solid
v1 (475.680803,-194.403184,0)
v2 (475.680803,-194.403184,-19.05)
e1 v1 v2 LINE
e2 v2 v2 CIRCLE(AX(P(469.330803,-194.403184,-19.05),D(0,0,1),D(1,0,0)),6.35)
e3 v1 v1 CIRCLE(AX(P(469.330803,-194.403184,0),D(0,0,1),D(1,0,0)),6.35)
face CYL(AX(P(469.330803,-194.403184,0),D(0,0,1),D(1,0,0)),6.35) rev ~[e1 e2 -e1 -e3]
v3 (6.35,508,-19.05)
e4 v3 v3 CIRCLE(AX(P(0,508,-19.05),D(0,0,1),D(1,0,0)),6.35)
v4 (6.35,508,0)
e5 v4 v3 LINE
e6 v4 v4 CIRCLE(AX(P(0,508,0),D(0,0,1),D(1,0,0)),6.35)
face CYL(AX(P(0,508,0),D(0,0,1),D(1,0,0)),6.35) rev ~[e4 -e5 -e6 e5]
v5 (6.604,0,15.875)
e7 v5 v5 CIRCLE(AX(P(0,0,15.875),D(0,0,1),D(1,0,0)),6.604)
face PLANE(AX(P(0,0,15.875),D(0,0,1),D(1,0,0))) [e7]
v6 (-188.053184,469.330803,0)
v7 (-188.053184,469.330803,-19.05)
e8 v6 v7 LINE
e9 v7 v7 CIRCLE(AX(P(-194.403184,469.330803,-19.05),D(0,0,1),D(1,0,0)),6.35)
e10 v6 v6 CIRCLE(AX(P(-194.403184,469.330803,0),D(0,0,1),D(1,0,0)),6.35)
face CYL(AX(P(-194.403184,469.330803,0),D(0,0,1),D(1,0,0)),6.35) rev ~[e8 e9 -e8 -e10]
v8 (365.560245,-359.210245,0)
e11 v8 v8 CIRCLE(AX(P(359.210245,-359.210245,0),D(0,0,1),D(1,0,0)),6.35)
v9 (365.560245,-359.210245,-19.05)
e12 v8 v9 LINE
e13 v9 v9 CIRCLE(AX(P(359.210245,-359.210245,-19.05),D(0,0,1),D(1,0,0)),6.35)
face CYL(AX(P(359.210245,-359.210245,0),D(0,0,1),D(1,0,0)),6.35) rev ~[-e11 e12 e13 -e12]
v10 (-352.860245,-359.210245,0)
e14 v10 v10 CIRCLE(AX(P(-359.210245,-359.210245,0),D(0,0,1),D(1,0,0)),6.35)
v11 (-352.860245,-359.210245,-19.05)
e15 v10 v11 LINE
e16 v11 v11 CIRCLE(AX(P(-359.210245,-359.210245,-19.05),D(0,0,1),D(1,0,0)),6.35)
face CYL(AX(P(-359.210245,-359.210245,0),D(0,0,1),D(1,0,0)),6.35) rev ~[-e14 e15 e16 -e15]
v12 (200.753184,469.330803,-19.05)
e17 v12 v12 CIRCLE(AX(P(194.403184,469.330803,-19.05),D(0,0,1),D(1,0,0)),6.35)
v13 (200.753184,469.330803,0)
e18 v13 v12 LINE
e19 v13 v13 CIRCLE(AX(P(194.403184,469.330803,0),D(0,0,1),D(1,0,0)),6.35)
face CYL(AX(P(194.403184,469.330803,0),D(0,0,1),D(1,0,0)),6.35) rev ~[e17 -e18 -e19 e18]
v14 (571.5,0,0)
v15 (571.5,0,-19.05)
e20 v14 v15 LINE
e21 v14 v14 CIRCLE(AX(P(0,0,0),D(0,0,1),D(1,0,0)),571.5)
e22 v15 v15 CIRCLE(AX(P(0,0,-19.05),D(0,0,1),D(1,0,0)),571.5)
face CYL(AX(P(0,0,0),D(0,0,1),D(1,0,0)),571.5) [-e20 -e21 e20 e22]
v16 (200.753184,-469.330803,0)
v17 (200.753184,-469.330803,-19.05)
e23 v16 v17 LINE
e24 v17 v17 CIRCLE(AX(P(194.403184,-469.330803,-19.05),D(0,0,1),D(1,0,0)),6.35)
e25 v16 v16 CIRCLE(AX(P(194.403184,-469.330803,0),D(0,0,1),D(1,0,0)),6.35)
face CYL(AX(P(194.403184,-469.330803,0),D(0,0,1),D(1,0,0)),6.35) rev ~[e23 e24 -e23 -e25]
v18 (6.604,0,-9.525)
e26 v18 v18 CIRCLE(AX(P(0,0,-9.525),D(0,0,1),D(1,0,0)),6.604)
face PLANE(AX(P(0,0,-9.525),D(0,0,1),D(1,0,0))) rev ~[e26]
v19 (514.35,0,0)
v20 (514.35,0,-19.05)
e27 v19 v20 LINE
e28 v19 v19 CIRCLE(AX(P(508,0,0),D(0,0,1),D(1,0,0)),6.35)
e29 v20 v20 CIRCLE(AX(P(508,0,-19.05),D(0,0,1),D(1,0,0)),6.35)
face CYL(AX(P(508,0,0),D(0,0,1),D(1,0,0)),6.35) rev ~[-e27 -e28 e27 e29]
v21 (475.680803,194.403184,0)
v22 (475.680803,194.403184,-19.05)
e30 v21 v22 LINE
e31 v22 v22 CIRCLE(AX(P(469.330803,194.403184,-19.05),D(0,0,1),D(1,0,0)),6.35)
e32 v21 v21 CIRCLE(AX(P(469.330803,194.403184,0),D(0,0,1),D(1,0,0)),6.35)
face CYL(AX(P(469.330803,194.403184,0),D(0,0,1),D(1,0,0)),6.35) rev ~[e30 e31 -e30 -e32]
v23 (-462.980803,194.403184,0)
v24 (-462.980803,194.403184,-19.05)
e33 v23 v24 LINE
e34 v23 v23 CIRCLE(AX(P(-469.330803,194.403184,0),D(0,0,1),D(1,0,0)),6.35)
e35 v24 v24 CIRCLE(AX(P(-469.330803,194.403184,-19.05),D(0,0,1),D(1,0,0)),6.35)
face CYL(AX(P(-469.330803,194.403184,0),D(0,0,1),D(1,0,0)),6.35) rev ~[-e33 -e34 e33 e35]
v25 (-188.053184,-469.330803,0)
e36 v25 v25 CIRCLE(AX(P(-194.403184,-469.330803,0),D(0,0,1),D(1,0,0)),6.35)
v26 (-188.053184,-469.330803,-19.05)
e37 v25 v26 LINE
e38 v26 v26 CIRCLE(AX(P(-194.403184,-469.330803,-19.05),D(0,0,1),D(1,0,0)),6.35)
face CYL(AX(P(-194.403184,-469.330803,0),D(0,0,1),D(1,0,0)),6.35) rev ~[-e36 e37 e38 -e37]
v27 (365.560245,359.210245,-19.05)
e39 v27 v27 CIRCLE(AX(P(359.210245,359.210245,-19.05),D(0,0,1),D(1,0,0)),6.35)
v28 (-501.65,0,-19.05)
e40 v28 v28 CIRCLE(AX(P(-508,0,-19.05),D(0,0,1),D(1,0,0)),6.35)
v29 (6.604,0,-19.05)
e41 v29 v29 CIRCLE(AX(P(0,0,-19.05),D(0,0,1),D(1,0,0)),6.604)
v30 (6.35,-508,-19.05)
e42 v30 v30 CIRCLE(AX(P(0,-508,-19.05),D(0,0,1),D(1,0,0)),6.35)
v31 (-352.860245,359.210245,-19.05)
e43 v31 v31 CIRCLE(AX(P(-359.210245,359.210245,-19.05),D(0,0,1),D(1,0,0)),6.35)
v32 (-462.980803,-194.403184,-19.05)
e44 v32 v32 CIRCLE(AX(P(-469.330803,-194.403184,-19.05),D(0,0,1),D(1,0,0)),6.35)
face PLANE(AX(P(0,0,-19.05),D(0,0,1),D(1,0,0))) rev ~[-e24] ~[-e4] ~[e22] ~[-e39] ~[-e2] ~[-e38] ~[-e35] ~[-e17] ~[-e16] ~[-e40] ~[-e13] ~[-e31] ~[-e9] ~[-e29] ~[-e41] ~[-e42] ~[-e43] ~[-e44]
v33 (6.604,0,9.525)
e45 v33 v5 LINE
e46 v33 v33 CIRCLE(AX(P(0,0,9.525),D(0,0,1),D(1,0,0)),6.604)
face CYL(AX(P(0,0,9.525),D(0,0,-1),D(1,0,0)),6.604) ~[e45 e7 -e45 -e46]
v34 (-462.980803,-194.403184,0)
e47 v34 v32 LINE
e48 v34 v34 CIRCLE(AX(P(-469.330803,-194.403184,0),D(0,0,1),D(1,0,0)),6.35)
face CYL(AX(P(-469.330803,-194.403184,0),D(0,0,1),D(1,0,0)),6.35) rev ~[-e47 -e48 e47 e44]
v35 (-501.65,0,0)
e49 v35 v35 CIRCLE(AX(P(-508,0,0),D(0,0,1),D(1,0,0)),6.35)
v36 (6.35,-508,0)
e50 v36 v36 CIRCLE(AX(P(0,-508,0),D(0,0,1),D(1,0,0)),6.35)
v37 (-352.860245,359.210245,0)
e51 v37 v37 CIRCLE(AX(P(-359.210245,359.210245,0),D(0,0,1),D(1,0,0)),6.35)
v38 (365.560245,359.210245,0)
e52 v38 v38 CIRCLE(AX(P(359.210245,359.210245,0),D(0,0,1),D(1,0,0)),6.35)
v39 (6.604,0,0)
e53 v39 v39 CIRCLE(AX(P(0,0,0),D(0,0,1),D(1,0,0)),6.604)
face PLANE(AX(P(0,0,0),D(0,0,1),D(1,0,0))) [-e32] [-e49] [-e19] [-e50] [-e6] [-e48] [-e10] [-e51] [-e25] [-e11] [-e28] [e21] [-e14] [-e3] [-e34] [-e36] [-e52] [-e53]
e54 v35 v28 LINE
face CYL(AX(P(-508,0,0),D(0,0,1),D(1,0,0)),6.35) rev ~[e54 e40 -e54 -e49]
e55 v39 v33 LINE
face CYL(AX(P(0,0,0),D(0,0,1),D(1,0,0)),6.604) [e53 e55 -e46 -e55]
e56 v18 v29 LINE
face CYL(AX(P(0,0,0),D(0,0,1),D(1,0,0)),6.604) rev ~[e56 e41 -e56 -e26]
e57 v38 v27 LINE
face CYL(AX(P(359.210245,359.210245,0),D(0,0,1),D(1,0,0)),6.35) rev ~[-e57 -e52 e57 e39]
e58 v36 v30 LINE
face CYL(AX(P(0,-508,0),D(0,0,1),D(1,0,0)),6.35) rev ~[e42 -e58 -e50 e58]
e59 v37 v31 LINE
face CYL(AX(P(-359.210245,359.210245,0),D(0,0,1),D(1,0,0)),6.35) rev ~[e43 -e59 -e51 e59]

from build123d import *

# Parameters (mm, degrees)
F0_R     = 571.5
F0_R_2   = 6.35
F0_R_3   = 6.604
F1_DEPTH = 19.05
F2_DEPTH = 9.525
F3_DEPTH = 6.35


with BuildPart() as f1:
    # F0 (on Top) → F1 (new body)
    with BuildSketch(Plane.XY):
        Circle(F0_R)
        with Locations((-359.2102448428, -359.2102448428)):
            Circle(F0_R_2, mode=Mode.SUBTRACT)
        with Locations((-194.4031836415, -469.3308025157)):
            Circle(F0_R_2, mode=Mode.SUBTRACT)
        with Locations((-469.3308025157, -194.4031836415)):
            Circle(F0_R_2, mode=Mode.SUBTRACT)
        with Locations((0, -508)):
            Circle(F0_R_2, mode=Mode.SUBTRACT)
        with Locations((194.4031836415, -469.3308025157)):
            Circle(F0_R_2, mode=Mode.SUBTRACT)
        with Locations((359.2102448428, -359.2102448428)):
            Circle(F0_R_2, mode=Mode.SUBTRACT)
        with Locations((469.3308025157, -194.4031836415)):
            Circle(F0_R_2, mode=Mode.SUBTRACT)
        with Locations((-508, 0)):
            Circle(F0_R_2, mode=Mode.SUBTRACT)
        with Locations((-469.3308025157, 194.4031836415)):
            Circle(F0_R_2, mode=Mode.SUBTRACT)
        with Locations((-359.2102448428, 359.2102448428)):
            Circle(F0_R_2, mode=Mode.SUBTRACT)
        with Locations((-194.4031836415, 469.3308025157)):
            Circle(F0_R_2, mode=Mode.SUBTRACT)
        Circle(F0_R_3, mode=Mode.SUBTRACT)
        with Locations((508, 0)):
            Circle(F0_R_2, mode=Mode.SUBTRACT)
        with Locations((469.3308025157, 194.4031836415)):
            Circle(F0_R_2, mode=Mode.SUBTRACT)
        with Locations((0, 508)):
            Circle(F0_R_2, mode=Mode.SUBTRACT)
        with Locations((194.4031836415, 469.3308025157)):
            Circle(F0_R_2, mode=Mode.SUBTRACT)
        with Locations((359.2102448428, 359.2102448428)):
            Circle(F0_R_2, mode=Mode.SUBTRACT)
    extrude(amount=-F1_DEPTH)

    # F0 (on Top) → F2 (join, symmetric)
    with BuildSketch(Plane.XY):
        Circle(F0_R_3)
    extrude(amount=F2_DEPTH, both=True)

    # F3 (add): a face of the model
    f3_faces = [f1.faces().sort_by_distance(p)[0] for p in [
        (0, 0, 9.525),
    ]]
    extrude(f3_faces, amount=F3_DEPTH)


solid = f1.part
